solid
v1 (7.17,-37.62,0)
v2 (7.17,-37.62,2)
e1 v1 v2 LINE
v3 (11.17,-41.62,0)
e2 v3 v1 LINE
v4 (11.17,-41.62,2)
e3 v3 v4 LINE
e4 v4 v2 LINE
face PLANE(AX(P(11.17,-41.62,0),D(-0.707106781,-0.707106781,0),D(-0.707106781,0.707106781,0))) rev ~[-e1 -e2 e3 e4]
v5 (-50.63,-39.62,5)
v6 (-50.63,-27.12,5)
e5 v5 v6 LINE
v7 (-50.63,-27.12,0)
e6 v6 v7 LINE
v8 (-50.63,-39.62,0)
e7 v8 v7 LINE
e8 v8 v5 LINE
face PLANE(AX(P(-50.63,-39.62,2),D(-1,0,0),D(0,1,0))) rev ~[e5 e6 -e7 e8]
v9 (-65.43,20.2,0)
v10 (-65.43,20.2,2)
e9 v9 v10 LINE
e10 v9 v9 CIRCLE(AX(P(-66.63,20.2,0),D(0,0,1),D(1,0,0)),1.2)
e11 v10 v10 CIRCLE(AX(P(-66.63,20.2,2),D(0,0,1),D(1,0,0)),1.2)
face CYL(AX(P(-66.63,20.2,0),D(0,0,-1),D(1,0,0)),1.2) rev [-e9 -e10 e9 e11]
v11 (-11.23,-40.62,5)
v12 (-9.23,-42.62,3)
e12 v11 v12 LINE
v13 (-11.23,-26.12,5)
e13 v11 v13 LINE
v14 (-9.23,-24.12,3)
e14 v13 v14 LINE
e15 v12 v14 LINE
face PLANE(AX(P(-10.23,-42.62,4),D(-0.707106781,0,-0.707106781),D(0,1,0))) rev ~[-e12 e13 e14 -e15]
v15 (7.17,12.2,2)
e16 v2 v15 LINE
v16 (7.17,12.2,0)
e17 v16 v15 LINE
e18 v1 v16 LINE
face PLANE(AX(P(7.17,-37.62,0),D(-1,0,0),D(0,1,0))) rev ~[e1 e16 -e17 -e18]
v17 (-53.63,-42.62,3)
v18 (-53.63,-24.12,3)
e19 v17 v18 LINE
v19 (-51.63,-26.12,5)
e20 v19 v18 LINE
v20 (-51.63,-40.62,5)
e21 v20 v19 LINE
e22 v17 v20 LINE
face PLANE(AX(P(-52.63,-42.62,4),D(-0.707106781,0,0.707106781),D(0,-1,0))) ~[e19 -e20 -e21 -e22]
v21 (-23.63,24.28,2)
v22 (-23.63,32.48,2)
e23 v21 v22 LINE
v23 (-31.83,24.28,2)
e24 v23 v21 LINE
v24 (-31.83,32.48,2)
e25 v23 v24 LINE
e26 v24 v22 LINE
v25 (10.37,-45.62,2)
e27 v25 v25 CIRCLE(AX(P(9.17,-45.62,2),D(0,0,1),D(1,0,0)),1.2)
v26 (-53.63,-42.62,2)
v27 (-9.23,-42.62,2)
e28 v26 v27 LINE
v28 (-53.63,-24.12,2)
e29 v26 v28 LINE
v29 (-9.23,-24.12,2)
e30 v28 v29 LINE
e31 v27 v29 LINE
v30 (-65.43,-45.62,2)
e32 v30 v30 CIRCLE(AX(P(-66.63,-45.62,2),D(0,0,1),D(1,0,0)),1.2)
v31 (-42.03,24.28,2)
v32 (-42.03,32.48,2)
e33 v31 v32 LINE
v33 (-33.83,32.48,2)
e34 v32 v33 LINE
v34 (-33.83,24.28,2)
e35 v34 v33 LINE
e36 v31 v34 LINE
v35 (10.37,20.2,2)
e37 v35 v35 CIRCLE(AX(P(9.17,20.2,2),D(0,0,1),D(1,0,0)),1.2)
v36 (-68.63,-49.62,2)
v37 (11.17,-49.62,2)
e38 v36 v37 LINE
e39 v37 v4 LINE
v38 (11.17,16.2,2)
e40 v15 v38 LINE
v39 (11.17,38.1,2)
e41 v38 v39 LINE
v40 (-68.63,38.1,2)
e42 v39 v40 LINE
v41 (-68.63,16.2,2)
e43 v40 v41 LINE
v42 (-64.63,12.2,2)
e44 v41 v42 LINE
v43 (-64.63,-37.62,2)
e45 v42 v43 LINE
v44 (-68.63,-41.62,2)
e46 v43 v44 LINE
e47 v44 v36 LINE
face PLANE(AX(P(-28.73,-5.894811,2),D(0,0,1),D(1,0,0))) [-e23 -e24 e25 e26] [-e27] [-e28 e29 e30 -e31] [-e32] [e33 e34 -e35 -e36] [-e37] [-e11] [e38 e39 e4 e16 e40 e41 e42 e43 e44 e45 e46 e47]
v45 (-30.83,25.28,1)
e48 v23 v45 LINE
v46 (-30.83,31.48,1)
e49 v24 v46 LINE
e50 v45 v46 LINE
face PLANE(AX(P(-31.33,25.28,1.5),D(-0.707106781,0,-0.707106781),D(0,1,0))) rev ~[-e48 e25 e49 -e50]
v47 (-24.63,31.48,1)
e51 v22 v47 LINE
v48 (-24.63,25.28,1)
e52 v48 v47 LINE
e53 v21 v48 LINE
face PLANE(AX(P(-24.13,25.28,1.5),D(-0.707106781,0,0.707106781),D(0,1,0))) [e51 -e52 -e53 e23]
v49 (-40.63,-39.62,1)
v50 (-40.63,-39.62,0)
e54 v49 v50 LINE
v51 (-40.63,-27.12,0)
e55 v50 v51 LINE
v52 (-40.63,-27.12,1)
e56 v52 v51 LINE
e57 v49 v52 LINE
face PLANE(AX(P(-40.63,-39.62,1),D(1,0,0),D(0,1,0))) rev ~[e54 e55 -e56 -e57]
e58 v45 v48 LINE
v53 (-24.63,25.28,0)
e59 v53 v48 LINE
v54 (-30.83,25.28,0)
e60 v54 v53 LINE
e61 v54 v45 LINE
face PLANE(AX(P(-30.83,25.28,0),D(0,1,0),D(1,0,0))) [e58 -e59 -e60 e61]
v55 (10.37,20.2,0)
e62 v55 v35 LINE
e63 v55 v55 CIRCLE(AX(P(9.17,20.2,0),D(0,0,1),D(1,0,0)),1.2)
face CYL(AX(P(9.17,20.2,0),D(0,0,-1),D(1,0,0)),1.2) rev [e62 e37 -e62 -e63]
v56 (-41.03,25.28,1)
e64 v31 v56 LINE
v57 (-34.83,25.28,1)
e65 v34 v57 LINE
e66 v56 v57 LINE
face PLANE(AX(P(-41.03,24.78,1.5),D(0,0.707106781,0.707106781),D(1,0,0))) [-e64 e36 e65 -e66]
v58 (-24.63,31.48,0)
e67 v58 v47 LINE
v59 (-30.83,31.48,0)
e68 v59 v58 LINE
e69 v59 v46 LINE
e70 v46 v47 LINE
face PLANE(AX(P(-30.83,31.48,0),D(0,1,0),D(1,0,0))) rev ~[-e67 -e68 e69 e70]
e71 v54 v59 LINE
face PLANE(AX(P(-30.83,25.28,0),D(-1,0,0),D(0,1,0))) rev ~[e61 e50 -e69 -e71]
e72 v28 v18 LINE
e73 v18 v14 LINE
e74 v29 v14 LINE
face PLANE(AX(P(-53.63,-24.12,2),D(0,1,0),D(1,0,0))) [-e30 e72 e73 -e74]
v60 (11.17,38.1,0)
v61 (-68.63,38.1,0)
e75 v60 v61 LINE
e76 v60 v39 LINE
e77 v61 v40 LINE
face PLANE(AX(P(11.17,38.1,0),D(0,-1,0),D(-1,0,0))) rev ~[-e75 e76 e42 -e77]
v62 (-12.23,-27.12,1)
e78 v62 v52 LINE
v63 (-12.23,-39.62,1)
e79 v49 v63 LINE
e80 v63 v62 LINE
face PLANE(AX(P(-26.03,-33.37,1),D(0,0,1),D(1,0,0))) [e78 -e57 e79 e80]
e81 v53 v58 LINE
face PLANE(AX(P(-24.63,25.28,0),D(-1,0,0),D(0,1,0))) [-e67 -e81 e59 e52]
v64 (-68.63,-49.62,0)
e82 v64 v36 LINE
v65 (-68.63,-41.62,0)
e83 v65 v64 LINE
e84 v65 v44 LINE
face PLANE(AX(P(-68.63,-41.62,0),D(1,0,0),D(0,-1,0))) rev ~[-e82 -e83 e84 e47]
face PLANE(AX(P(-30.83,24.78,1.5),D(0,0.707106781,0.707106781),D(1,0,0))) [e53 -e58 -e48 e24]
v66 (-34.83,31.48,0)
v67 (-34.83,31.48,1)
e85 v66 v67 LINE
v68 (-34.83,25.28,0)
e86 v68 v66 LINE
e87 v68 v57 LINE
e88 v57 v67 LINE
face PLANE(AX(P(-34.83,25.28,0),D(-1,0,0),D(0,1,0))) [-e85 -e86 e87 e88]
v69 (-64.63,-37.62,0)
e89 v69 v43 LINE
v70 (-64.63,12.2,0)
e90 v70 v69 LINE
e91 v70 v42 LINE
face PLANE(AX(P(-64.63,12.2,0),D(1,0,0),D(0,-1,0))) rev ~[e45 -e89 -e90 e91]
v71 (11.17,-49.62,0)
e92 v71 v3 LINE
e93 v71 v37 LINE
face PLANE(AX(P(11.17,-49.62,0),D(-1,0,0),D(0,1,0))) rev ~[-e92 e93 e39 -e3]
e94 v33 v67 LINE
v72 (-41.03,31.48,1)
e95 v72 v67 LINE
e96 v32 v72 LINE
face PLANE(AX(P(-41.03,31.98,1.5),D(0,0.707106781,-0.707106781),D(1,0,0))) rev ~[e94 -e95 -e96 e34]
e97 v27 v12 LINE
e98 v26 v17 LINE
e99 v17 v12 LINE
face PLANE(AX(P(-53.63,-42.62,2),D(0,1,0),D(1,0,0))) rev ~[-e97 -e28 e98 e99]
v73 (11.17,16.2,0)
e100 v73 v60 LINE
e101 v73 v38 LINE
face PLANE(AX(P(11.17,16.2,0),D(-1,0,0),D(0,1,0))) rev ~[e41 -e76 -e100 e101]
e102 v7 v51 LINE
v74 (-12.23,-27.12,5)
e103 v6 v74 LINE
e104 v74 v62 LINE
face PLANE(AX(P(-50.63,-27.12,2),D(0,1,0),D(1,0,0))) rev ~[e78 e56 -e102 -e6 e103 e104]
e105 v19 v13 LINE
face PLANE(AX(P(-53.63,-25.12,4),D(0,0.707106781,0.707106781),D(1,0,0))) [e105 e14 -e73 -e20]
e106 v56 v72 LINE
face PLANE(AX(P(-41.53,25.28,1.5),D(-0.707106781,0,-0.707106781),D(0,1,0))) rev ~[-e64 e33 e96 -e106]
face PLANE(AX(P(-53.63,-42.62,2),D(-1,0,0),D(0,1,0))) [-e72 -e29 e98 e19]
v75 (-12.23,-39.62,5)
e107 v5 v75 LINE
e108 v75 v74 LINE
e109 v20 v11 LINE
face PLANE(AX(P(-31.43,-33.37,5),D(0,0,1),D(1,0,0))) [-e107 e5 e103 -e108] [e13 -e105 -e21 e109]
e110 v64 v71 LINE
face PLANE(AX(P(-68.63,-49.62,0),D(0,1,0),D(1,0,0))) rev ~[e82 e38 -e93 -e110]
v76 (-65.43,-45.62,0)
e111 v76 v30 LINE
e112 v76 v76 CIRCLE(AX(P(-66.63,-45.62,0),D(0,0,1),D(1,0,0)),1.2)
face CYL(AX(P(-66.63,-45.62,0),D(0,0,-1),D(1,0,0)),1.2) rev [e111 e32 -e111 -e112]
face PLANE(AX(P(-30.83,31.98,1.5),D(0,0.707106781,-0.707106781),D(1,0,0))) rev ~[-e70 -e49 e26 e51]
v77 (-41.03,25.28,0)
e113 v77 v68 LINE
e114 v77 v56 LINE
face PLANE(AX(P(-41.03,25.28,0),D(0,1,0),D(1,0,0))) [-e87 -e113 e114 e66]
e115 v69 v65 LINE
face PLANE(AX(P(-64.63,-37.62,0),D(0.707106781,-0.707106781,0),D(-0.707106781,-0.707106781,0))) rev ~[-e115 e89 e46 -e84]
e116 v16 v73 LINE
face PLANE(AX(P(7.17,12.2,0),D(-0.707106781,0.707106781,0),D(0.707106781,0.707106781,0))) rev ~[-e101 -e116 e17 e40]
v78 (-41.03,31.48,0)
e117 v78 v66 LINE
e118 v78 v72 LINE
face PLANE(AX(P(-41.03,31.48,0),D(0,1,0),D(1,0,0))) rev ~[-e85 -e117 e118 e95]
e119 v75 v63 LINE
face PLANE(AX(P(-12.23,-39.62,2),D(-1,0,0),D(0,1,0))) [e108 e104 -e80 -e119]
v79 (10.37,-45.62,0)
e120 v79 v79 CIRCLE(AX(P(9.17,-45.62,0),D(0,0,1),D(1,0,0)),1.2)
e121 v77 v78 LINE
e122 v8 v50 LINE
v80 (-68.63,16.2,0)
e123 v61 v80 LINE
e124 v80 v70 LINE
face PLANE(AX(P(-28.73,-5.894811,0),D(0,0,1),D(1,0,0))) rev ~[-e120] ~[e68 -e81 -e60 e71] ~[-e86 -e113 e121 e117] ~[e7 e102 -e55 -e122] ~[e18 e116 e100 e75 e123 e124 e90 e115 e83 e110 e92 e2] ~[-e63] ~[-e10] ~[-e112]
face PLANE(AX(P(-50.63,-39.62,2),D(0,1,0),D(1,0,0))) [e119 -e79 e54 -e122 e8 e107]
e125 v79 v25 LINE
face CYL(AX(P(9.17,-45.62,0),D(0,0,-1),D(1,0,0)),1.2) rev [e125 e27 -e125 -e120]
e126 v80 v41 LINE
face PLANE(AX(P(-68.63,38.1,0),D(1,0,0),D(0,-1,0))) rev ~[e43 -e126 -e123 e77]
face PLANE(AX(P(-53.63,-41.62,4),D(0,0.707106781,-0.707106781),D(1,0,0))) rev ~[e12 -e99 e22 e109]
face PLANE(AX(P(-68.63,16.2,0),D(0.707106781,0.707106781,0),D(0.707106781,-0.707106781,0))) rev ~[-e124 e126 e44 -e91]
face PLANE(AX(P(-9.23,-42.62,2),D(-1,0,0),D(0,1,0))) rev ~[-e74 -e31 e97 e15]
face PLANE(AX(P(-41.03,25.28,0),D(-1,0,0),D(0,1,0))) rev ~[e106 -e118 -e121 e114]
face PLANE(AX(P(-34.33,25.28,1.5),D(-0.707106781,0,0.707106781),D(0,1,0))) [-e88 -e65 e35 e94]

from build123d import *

# Parameters (mm, degrees)
SKETCH_1_W          = 6.2
SKETCH_1_H          = 6.2
SKETCH_1_R          = 1.2
EXTRUDE_1_DEPTH     = 2
CUT_EXTRUDE_1_DEPTH = 1
SKETCH_3_W          = 10
SKETCH_3_H          = 12.5
CUT_EXTRUDE_2_DEPTH = 1
CHAMFER_1_SIZE      = 1
SKETCH_4_W          = 44.4
SKETCH_4_H          = 18.5
SKETCH_4_W_2        = 38.4
SKETCH_4_H_2        = 12.5
EXTRUDE_2_DEPTH     = 3
CHAMFER_2_SIZE      = 2


with BuildPart() as part:
    # 草图1 → 凸台-拉伸1 (new body)
    with BuildSketch(Plane.XY):
        Polygon((-68.63, 16.2), (-64.63, 12.2), (-64.63, -37.62), (-68.63, -41.62), (-68.63, -49.62), (11.17, -49.62), (11.17, -41.62), (7.17, -37.62), (7.17, 12.2), (11.17, 16.2), (11.17, 38.1), (-68.63, 38.1), align=None)
        with Locations((-37.93, 28.38)):
            Rectangle(SKETCH_1_W, SKETCH_1_H, mode=Mode.SUBTRACT)
        with Locations((-27.73, 28.38)):
            Rectangle(SKETCH_1_W, SKETCH_1_H, mode=Mode.SUBTRACT)
        with Locations((-66.63, -45.62)):
            Circle(SKETCH_1_R, mode=Mode.SUBTRACT)
        with Locations((9.17, -45.62)):
            Circle(SKETCH_1_R, mode=Mode.SUBTRACT)
        with Locations((-66.63, 20.2)):
            Circle(SKETCH_1_R, mode=Mode.SUBTRACT)
        with Locations((9.17, 20.2)):
            Circle(SKETCH_1_R, mode=Mode.SUBTRACT)
    extrude(amount=EXTRUDE_1_DEPTH)

    # 草图2 → 切除-拉伸1 (cut)
    with BuildSketch(Plane.XY.offset(2)):
        Polygon((-12.23, -27.12), (-39.83, -27.12), (-39.83, -35.02), (-39.83, -39.62), (-12.23, -39.62), align=None)
        Polygon((-39.83, -27.12), (-50.63, -27.12), (-50.63, -39.62), (-39.83, -39.62), (-39.83, -35.02), align=None)
    extrude(amount=-CUT_EXTRUDE_1_DEPTH, mode=Mode.SUBTRACT)

    # 草图3 → 切除-拉伸2 (cut)
    with BuildSketch(Plane.XY.offset(1)):
        with Locations((-45.63, -33.37)):
            Rectangle(SKETCH_3_W, SKETCH_3_H)
    extrude(amount=-CUT_EXTRUDE_2_DEPTH, mode=Mode.SUBTRACT)

    # 倒角1
    chamfer_1_edges = [part.edges().sort_by_distance(p)[0] for p in [
        (-37.93, 25.28, 2),
        (-41.03, 28.38, 2),
        (-37.93, 31.48, 2),
        (-27.73, 31.48, 2),
        (-24.63, 28.38, 2),
        (-27.73, 25.28, 2),
        (-30.83, 28.38, 2),
        (-34.83, 28.38, 2),
    ]]
    chamfer(chamfer_1_edges, length=CHAMFER_1_SIZE)

    # 草图4 → 凸台-拉伸2 (add)
    with BuildSketch(Plane.XY.offset(2)):
        with Locations((-31.43, -33.37)):
            Rectangle(SKETCH_4_W, SKETCH_4_H)
        with Locations((-31.43, -33.37)):
            Rectangle(SKETCH_4_W_2, SKETCH_4_H_2, mode=Mode.SUBTRACT)
    extrude(amount=EXTRUDE_2_DEPTH)

    # 倒角2
    chamfer_2_edges = [part.edges().sort_by_distance(p)[0] for p in [
        (-31.43, -24.12, 5),
        (-9.23, -33.37, 5),
        (-53.63, -33.37, 5),
        (-31.43, -42.62, 5),
    ]]
    chamfer(chamfer_2_edges, length=CHAMFER_2_SIZE)


solid = part.part
